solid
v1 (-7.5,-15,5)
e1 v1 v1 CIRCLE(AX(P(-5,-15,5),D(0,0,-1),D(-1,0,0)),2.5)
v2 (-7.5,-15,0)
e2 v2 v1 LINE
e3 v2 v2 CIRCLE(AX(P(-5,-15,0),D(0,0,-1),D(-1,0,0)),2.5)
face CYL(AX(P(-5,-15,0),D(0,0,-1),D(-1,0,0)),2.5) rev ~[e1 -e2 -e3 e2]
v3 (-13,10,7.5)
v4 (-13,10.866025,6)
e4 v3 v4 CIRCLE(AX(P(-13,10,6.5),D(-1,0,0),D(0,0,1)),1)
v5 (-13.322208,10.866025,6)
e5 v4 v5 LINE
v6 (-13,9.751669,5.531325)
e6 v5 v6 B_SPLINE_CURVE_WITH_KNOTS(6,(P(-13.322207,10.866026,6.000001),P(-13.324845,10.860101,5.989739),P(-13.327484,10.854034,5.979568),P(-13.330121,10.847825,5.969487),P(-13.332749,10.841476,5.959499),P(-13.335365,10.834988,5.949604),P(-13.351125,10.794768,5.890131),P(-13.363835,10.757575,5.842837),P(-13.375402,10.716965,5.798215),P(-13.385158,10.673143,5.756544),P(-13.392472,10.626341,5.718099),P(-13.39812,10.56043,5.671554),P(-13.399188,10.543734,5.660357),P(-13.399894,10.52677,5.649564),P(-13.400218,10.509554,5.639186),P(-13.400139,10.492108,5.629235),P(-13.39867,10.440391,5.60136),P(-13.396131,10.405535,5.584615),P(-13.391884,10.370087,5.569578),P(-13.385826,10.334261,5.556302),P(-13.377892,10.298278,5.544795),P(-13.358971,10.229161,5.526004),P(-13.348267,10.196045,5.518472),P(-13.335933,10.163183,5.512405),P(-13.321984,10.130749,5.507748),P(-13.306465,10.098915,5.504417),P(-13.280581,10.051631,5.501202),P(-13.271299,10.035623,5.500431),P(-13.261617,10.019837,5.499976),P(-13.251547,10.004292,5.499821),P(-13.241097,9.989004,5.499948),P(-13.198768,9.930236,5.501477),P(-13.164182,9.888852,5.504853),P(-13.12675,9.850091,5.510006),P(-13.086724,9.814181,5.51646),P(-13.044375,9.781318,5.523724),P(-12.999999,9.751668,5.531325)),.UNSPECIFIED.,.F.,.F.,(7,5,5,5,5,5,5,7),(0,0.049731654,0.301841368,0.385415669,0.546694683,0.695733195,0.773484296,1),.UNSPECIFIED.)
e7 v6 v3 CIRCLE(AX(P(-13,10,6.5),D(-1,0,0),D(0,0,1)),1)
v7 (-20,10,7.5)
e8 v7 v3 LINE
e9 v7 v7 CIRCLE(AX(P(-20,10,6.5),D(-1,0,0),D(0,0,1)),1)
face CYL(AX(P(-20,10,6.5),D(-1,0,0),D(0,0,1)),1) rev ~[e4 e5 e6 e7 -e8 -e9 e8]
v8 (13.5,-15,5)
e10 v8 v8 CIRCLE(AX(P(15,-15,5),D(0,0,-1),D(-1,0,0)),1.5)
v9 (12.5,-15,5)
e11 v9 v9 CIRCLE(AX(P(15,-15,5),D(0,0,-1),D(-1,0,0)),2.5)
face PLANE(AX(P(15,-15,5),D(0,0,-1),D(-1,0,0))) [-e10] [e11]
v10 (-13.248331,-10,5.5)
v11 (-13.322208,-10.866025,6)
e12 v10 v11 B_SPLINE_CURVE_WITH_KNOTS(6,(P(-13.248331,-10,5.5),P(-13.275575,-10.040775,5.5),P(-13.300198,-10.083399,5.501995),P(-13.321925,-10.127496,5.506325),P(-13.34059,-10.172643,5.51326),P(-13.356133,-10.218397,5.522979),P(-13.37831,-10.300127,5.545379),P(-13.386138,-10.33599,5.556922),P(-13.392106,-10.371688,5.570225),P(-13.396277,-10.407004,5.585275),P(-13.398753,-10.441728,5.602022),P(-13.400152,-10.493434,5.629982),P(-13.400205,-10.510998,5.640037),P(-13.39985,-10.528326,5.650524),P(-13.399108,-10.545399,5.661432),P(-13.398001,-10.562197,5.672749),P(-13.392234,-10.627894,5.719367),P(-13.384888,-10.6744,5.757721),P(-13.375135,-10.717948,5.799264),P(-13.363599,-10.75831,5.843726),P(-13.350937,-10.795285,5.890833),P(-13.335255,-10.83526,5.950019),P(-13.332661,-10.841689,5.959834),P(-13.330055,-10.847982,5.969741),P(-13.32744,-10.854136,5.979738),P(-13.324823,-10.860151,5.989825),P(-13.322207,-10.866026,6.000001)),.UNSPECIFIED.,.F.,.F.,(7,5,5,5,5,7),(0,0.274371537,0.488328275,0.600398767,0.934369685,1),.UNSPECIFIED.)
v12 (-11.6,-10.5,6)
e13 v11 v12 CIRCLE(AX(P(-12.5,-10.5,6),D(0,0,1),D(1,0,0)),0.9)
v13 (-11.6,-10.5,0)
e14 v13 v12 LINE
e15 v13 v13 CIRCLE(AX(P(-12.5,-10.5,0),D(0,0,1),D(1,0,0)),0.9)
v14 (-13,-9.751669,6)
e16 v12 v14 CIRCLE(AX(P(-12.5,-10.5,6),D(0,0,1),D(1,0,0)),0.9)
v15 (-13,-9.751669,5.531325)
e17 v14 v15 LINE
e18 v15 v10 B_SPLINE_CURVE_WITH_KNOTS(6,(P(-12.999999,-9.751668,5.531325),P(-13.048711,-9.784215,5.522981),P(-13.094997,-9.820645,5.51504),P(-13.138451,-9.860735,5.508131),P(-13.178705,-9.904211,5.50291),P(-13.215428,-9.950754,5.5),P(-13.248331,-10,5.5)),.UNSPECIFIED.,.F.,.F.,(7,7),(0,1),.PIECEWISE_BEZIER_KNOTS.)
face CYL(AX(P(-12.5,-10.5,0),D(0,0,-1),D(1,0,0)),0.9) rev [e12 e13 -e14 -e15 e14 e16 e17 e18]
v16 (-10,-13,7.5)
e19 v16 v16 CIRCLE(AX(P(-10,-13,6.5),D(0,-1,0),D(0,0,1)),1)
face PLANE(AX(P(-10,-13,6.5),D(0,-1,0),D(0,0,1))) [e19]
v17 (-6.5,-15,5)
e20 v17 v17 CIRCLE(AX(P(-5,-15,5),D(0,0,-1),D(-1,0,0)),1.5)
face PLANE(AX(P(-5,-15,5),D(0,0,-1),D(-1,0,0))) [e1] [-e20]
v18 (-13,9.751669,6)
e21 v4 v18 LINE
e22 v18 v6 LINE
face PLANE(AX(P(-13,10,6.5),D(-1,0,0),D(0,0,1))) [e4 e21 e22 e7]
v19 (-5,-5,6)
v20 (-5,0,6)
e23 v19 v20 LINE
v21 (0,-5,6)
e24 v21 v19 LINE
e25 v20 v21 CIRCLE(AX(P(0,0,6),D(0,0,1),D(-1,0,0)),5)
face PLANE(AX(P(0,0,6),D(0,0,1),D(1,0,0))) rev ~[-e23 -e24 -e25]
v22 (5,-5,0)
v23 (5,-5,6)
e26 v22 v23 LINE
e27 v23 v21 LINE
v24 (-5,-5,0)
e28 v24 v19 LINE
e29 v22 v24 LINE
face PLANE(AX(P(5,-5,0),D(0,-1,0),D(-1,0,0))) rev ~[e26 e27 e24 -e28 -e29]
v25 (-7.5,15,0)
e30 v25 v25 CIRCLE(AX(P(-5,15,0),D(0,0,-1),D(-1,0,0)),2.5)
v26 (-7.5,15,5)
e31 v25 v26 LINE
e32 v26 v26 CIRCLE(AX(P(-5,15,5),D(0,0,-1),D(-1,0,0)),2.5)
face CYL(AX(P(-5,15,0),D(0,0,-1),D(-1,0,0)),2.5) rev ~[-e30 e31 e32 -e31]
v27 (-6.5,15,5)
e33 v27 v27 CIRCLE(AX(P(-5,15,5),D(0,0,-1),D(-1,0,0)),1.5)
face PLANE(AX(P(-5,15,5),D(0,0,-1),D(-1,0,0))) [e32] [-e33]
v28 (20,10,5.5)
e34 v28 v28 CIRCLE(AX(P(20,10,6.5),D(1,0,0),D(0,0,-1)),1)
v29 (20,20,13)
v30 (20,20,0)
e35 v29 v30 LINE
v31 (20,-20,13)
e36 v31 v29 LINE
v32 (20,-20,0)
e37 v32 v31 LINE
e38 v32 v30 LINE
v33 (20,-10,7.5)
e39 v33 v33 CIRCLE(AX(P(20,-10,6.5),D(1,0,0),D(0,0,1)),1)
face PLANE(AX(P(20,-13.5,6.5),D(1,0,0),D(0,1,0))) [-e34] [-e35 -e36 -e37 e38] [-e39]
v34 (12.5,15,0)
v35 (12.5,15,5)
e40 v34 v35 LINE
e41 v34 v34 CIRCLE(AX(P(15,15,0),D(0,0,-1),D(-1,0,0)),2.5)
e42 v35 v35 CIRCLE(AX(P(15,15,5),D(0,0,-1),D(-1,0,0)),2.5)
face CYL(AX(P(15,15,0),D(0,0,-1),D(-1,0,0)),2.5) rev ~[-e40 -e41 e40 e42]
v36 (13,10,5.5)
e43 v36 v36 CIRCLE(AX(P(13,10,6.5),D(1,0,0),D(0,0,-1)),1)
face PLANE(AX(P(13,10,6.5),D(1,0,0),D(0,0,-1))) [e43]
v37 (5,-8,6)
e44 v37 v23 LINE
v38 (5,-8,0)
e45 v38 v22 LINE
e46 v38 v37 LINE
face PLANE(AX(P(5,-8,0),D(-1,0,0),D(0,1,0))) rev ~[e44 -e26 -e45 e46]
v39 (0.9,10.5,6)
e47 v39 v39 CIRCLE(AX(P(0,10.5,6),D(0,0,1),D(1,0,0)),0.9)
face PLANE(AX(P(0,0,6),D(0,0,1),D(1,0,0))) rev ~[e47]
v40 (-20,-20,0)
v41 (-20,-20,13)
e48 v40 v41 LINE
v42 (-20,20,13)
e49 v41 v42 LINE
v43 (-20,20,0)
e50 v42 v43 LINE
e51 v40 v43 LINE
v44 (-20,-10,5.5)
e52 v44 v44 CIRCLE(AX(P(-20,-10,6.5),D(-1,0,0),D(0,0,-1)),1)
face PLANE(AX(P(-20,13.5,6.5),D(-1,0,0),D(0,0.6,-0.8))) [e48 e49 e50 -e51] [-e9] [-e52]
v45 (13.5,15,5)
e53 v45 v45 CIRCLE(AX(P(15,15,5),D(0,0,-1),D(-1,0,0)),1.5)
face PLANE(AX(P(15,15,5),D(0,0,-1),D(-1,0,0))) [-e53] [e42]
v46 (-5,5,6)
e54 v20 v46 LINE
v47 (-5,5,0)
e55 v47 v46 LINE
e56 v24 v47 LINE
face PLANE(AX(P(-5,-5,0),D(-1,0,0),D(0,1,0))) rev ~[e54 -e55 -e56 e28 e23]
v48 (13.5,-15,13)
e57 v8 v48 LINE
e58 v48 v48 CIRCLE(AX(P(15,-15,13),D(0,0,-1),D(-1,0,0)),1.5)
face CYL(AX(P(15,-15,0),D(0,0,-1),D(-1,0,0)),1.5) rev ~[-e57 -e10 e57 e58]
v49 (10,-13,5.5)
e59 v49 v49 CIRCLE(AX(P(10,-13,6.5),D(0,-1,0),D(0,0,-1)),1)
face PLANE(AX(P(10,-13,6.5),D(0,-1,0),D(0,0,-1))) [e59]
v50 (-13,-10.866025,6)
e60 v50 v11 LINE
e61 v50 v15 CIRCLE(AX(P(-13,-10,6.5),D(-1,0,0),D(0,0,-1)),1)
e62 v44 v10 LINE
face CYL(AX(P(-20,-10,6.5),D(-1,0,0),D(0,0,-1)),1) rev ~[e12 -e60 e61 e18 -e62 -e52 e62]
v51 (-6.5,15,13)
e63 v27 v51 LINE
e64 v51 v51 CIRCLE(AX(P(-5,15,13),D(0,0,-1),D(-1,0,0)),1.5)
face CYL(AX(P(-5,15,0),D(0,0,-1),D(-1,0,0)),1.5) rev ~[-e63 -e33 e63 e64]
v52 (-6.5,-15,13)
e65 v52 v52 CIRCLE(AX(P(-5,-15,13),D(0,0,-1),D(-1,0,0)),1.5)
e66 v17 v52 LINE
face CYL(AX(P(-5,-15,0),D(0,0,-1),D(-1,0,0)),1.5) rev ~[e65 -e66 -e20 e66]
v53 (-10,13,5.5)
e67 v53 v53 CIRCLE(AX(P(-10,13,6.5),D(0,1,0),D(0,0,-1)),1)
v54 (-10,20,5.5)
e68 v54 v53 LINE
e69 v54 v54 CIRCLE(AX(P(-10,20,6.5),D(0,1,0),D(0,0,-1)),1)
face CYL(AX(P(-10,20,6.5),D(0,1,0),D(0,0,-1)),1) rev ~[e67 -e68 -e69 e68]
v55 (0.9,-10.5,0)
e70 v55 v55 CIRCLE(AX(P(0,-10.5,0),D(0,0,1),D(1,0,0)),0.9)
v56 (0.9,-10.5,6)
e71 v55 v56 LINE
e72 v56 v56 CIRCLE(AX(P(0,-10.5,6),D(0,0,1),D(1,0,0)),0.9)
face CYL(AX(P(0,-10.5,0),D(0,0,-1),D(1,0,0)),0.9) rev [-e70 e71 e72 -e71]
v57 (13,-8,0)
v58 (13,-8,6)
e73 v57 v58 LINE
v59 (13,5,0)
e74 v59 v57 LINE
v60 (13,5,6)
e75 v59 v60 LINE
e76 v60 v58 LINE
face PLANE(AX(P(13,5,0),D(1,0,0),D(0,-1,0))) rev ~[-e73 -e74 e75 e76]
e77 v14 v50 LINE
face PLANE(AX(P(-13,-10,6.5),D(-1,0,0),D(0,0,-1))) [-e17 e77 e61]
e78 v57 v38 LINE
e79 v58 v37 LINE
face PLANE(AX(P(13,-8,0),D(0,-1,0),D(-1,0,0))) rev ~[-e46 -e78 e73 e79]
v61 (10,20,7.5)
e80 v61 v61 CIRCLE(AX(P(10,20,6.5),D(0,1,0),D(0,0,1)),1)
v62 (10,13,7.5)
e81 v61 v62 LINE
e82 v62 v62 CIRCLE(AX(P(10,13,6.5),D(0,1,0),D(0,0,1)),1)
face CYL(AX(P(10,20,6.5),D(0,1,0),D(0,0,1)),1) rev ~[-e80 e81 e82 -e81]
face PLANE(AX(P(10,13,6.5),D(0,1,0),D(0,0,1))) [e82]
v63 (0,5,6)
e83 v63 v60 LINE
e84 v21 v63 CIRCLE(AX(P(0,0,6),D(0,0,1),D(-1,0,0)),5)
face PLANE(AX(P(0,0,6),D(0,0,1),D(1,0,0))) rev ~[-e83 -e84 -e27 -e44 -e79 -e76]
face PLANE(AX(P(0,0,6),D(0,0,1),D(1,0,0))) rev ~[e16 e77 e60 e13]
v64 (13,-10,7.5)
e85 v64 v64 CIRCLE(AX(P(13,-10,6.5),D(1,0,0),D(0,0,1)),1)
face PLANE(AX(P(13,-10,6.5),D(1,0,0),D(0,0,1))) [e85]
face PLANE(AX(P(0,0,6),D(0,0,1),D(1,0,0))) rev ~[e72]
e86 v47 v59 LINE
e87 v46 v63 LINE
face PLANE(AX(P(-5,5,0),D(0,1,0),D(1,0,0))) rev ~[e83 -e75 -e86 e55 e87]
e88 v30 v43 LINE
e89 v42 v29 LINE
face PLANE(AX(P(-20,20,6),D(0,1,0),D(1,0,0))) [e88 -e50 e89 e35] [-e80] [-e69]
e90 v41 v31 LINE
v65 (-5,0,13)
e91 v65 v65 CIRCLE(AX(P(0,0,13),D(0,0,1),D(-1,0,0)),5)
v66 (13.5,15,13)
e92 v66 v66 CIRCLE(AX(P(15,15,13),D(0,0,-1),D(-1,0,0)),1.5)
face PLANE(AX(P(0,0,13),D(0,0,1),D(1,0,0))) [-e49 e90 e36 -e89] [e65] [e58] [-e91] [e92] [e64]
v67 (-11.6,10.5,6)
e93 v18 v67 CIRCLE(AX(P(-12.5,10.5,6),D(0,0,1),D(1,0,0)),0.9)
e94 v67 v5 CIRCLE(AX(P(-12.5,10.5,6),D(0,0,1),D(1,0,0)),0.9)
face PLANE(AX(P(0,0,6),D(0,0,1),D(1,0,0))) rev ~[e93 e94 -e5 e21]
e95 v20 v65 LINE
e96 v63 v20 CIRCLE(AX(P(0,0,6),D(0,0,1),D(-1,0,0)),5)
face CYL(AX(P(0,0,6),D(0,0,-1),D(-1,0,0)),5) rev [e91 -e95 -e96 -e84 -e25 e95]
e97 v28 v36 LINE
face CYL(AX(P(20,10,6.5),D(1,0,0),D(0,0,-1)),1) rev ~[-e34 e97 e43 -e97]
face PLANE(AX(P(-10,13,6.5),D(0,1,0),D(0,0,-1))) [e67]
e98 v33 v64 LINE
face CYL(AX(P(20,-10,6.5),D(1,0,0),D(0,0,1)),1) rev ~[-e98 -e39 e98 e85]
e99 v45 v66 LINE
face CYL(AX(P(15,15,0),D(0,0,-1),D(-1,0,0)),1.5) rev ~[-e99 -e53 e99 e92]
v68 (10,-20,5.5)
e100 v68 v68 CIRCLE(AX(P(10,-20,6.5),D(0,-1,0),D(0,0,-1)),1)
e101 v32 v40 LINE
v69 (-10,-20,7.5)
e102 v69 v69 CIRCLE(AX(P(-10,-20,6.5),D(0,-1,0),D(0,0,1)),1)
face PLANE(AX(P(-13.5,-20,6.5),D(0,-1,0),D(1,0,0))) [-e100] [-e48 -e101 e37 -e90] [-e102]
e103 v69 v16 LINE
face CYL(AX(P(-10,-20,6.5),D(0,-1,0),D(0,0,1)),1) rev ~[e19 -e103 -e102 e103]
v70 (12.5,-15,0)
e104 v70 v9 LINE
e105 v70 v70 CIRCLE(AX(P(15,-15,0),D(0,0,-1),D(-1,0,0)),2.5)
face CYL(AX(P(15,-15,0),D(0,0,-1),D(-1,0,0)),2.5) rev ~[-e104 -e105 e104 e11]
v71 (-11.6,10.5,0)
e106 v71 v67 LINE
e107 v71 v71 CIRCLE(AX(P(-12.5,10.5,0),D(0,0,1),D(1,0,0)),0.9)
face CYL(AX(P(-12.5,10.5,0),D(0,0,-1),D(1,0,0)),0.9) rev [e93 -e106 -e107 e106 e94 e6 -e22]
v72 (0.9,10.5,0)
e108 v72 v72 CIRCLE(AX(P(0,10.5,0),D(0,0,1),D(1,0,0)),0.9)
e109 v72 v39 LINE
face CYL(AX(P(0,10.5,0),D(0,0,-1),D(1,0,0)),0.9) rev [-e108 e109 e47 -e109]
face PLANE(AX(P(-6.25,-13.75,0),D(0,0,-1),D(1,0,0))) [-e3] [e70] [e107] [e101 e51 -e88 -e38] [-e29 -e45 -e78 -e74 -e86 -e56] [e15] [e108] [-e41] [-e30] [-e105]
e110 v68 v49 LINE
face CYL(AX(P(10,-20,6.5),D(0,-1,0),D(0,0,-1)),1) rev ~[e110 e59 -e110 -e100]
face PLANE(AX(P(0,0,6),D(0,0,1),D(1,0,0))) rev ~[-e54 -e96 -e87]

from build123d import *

# Parameters (mm, degrees)
SKETCH1_W            = 40
SKETCH1_H            = 40
SKETCH1_R            = 0.9
BOSS_EXTRUDE1_DEPTH  = 6
SKETCH11_W           = 40
SKETCH11_H           = 40
SKETCH11_R           = 5
BOSS_EXTRUDE6_DEPTH  = 7
SKETCH13_R           = 1.5
SKETCH13_R_2         = 1.395390764
CUT_EXTRUDE5_DEPTH   = 27
SKETCH13_3_R         = 3
SKETCH13_3_R_2       = 1.5
CUT_EXTRUDE6_DEPTH   = 3
SKETCH15_R           = 2.5
CUT_EXTRUDE9_DEPTH   = 5
CIRPATTERN4_COUNT    = 4
SKETCH16_R           = 3
BOSS_EXTRUDE7_DEPTH  = 13
SKETCH17_R           = 2.5
BOSS_EXTRUDE8_DEPTH  = 5
SKETCH18_R           = 2.5
BOSS_EXTRUDE9_DEPTH  = 5
SKETCH19_R           = 2.5
BOSS_EXTRUDE10_DEPTH = 5
SKETCH20_R           = 2.5
BOSS_EXTRUDE11_DEPTH = 5
SKETCH21_R           = 1.5
CUT_EXTRUDE10_DEPTH  = 25
SKETCH21_3_R         = 2.5
SKETCH21_3_R_2       = 1.5
CUT_EXTRUDE11_DEPTH  = 5
SKETCH22_R           = 1
CUT_EXTRUDE12_DEPTH  = 7
CIRPATTERN5_COUNT    = 4


with BuildPart() as part:
    # Sketch1 → Boss-Extrude1 (new body)
    with BuildSketch(Plane(origin=(0, 0, 0), x_dir=(0, 1, 0), z_dir=(0, 0, 1))):
        Rectangle(SKETCH1_W, SKETCH1_H)
        with Locations(Location((10.5, 0, 0), (0, 0, 270))):
            Circle(SKETCH1_R, mode=Mode.SUBTRACT)
        with Locations(Location((-10.5, 12.5, 0), (0, 0, 270))):
            Circle(SKETCH1_R, mode=Mode.SUBTRACT)
        with Locations(Location((-10.5, 0, 0), (0, 0, 270))):
            Circle(SKETCH1_R, mode=Mode.SUBTRACT)
        with Locations(Location((10.5, 12.5, 0), (0, 0, 270))):
            Circle(SKETCH1_R, mode=Mode.SUBTRACT)
        Polygon((-5, -13), (-8, -13), (-8, -5), (-5, -5), (-5, 5), (5, 5), (5, -5), (5, -13), align=None, mode=Mode.SUBTRACT)
    extrude(amount=BOSS_EXTRUDE1_DEPTH)

    # Sketch11 → Boss-Extrude6 (add)
    with BuildSketch(Plane.XY.offset(6)):
        Rectangle(SKETCH11_W, SKETCH11_H)
        with Locations(Location((0, 0, 0), (0, 0, 180))):
            Circle(SKETCH11_R, mode=Mode.SUBTRACT)
    extrude(amount=BOSS_EXTRUDE6_DEPTH)

    # Sketch13 → Cut-Extrude5 (cut)
    with BuildSketch(Plane(origin=(0, 0, 0), x_dir=(1, 0, 0), z_dir=(0, 0, -1))):
        with Locations(Location((-6.25, 13.75, 0), (0, 0, 180))):
            Circle(SKETCH13_R)
        with Locations(Location((6.25, 13.75, 0), (0, 0, 180))):
            Circle(SKETCH13_R)
        with Locations(Location((6.25, -13.75, 0), (0, 0, 180))):
            Circle(SKETCH13_R_2)
        with Locations(Location((-6.25, -13.75, 0), (0, 0, 180))):
            Circle(SKETCH13_R)
    extrude(amount=-CUT_EXTRUDE5_DEPTH, mode=Mode.SUBTRACT)

    # Sketch13<3> → Cut-Extrude6 (cut)
    # profile 1 of 4: a face of its own
    with BuildSketch(Plane(origin=(0, 0, 0), x_dir=(1, 0, 0), z_dir=(0, 0, -1))):
        with Locations(Location((-6.25, -13.75, 0), (0, 0, 180))):
            Circle(SKETCH13_3_R)
        with Locations(Location((-6.25, -13.75, 0), (0, 0, 180))):
            Circle(SKETCH13_3_R_2, mode=Mode.SUBTRACT)
    # profile 2 of 4: a face of its own
    with BuildSketch(Plane(origin=(0, 0, 0), x_dir=(1, 0, 0), z_dir=(0, 0, -1))):
        with Locations(Location((6.25, 13.75, 0), (0, 0, 180))):
            Circle(SKETCH13_3_R)
        with Locations(Location((6.25, 13.75, 0), (0, 0, 180))):
            Circle(SKETCH13_3_R_2, mode=Mode.SUBTRACT)
    # profile 3 of 4: a face of its own
    with BuildSketch(Plane(origin=(0, 0, 0), x_dir=(1, 0, 0), z_dir=(0, 0, -1))):
        with Locations(Location((-6.25, 13.75, 0), (0, 0, 180))):
            Circle(SKETCH13_3_R)
        with Locations(Location((-6.25, 13.75, 0), (0, 0, 180))):
            Circle(SKETCH13_3_R_2, mode=Mode.SUBTRACT)
    # profile 4 of 4: a face of its own
    with BuildSketch(Plane(origin=(0, 0, 0), x_dir=(1, 0, 0), z_dir=(0, 0, -1))):
        with Locations(Location((6.25, -13.75, 0), (0, 0, 180))):
            Circle(SKETCH13_3_R)
    extrude(amount=-CUT_EXTRUDE6_DEPTH, mode=Mode.SUBTRACT)

    # Sketch15 → Cut-Extrude9 (cut)
    with BuildSketch(Plane(origin=(0, 20, 0), x_dir=(-1, 0, 0), z_dir=(0, 1, 0))):
        with Locations(Location((-13.5, 6.5, 0), (0, 0, 90))):
            Circle(SKETCH15_R)
        with Locations(Location((13.5, 6.5, 0), (0, 0, 270))):
            Circle(SKETCH15_R)
    cut_extrude9 = extrude(amount=-CUT_EXTRUDE9_DEPTH, mode=Mode.SUBTRACT)

    # CirPattern4: Cut-Extrude9 ×4 about axis
    cirpattern4_axis = Axis((0, 0, 0), (0, 0, 1))
    for i in range(1, CIRPATTERN4_COUNT):
        add(cut_extrude9.rotate(cirpattern4_axis, i * 360 / CIRPATTERN4_COUNT), mode=Mode.SUBTRACT)

    # Sketch16 → Boss-Extrude7 (add)
    with BuildSketch(Plane(origin=(0, 0, 0), x_dir=(1, 0, 0), z_dir=(0, 0, -1))):
        with Locations((-6.25, 13.75)):
            Circle(SKETCH16_R)
        with Locations((6.25, 13.75)):
            Circle(SKETCH16_R)
        with Locations((-6.25, -13.75)):
            Circle(SKETCH16_R)
        with Locations((6.25, -13.75)):
            Circle(SKETCH16_R)
    extrude(amount=-BOSS_EXTRUDE7_DEPTH)

    # Sketch17 → Boss-Extrude8 (add)
    with BuildSketch(Plane(origin=(0, 20, 0), x_dir=(-1, 0, 0), z_dir=(0, 1, 0))):
        with Locations(Location((-13.5, 6.5, 0), (0, 0, 270))):
            Circle(SKETCH17_R)
        with Locations(Location((13.5, 6.5, 0), (0, 0, 306.869897646))):
            Circle(SKETCH17_R)
    extrude(amount=-BOSS_EXTRUDE8_DEPTH)

    # Sketch18 → Boss-Extrude9 (add)
    with BuildSketch(Plane(origin=(-20, 0, 0), x_dir=(0, -1, 0), z_dir=(-1, 0, 0))):
        with Locations(Location((-13.5, 6.5, 0), (0, 0, 233.130102354))):
            Circle(SKETCH18_R)
        with Locations(Location((13.5, 6.5, 0), (0, 0, 90))):
            Circle(SKETCH18_R)
    extrude(amount=-BOSS_EXTRUDE9_DEPTH)

    # Sketch19 → Boss-Extrude10 (add)
    with BuildSketch(Plane.XZ.offset(20)):
        with Locations((-13.5, 6.5)):
            Circle(SKETCH19_R)
        with Locations((13.5, 6.5)):
            Circle(SKETCH19_R)
    extrude(amount=-BOSS_EXTRUDE10_DEPTH)

    # Sketch20 → Boss-Extrude11 (add)
    with BuildSketch(Plane.YZ.offset(20)):
        with Locations((-13.5, 6.5)):
            Circle(SKETCH20_R)
        with Locations((13.5, 6.5)):
            Circle(SKETCH20_R)
    extrude(amount=-BOSS_EXTRUDE11_DEPTH)

    # Sketch21 → Cut-Extrude10 (cut)
    with BuildSketch(Plane(origin=(0, 0, 0), x_dir=(1, 0, 0), z_dir=(0, 0, -1))):
        with Locations(Location((-5, 15, 0), (0, 0, 180))):
            Circle(SKETCH21_R)
        with Locations(Location((15, 15, 0), (0, 0, 180))):
            Circle(SKETCH21_R)
        with Locations(Location((15, -15, 0), (0, 0, 180))):
            Circle(SKETCH21_R)
        with Locations(Location((-5, -15, 0), (0, 0, 180))):
            Circle(SKETCH21_R)
    extrude(amount=-CUT_EXTRUDE10_DEPTH, mode=Mode.SUBTRACT)

    # Sketch21<3> → Cut-Extrude11 (cut)
    # profile 1 of 4: a face of its own
    with BuildSketch(Plane(origin=(0, 0, 0), x_dir=(1, 0, 0), z_dir=(0, 0, -1))):
        with Locations(Location((-5, 15, 0), (0, 0, 180))):
            Circle(SKETCH21_3_R)
        with Locations(Location((-5, 15, 0), (0, 0, 180))):
            Circle(SKETCH21_3_R_2, mode=Mode.SUBTRACT)
    # profile 2 of 4: a face of its own
    with BuildSketch(Plane(origin=(0, 0, 0), x_dir=(1, 0, 0), z_dir=(0, 0, -1))):
        with Locations(Location((15, 15, 0), (0, 0, 180))):
            Circle(SKETCH21_3_R)
        with Locations(Location((15, 15, 0), (0, 0, 180))):
            Circle(SKETCH21_3_R_2, mode=Mode.SUBTRACT)
    # profile 3 of 4: a face of its own
    with BuildSketch(Plane(origin=(0, 0, 0), x_dir=(1, 0, 0), z_dir=(0, 0, -1))):
        with Locations(Location((15, -15, 0), (0, 0, 180))):
            Circle(SKETCH21_3_R)
        with Locations(Location((15, -15, 0), (0, 0, 180))):
            Circle(SKETCH21_3_R_2, mode=Mode.SUBTRACT)
    # profile 4 of 4: a face of its own
    with BuildSketch(Plane(origin=(0, 0, 0), x_dir=(1, 0, 0), z_dir=(0, 0, -1))):
        with Locations(Location((-5, -15, 0), (0, 0, 180))):
            Circle(SKETCH21_3_R)
        with Locations(Location((-5, -15, 0), (0, 0, 180))):
            Circle(SKETCH21_3_R_2, mode=Mode.SUBTRACT)
    extrude(amount=-CUT_EXTRUDE11_DEPTH, mode=Mode.SUBTRACT)

    # Sketch22 → Cut-Extrude12 (cut)
    with BuildSketch(Plane(origin=(0, 20, 0), x_dir=(-1, 0, 0), z_dir=(0, 1, 0))):
        with Locations(Location((-10, 6.5, 0), (0, 0, 90))):
            Circle(SKETCH22_R)
        with Locations(Location((10, 6.5, 0), (0, 0, 270))):
            Circle(SKETCH22_R)
    cut_extrude12 = extrude(amount=-CUT_EXTRUDE12_DEPTH, mode=Mode.SUBTRACT)

    # CirPattern5: Cut-Extrude12 ×4 about axis
    cirpattern5_axis = Axis((0, 0, 0), (0, 0, 1))
    for i in range(1, CIRPATTERN5_COUNT):
        add(cut_extrude12.rotate(cirpattern5_axis, i * 360 / CIRPATTERN5_COUNT), mode=Mode.SUBTRACT)


solid = part.part
